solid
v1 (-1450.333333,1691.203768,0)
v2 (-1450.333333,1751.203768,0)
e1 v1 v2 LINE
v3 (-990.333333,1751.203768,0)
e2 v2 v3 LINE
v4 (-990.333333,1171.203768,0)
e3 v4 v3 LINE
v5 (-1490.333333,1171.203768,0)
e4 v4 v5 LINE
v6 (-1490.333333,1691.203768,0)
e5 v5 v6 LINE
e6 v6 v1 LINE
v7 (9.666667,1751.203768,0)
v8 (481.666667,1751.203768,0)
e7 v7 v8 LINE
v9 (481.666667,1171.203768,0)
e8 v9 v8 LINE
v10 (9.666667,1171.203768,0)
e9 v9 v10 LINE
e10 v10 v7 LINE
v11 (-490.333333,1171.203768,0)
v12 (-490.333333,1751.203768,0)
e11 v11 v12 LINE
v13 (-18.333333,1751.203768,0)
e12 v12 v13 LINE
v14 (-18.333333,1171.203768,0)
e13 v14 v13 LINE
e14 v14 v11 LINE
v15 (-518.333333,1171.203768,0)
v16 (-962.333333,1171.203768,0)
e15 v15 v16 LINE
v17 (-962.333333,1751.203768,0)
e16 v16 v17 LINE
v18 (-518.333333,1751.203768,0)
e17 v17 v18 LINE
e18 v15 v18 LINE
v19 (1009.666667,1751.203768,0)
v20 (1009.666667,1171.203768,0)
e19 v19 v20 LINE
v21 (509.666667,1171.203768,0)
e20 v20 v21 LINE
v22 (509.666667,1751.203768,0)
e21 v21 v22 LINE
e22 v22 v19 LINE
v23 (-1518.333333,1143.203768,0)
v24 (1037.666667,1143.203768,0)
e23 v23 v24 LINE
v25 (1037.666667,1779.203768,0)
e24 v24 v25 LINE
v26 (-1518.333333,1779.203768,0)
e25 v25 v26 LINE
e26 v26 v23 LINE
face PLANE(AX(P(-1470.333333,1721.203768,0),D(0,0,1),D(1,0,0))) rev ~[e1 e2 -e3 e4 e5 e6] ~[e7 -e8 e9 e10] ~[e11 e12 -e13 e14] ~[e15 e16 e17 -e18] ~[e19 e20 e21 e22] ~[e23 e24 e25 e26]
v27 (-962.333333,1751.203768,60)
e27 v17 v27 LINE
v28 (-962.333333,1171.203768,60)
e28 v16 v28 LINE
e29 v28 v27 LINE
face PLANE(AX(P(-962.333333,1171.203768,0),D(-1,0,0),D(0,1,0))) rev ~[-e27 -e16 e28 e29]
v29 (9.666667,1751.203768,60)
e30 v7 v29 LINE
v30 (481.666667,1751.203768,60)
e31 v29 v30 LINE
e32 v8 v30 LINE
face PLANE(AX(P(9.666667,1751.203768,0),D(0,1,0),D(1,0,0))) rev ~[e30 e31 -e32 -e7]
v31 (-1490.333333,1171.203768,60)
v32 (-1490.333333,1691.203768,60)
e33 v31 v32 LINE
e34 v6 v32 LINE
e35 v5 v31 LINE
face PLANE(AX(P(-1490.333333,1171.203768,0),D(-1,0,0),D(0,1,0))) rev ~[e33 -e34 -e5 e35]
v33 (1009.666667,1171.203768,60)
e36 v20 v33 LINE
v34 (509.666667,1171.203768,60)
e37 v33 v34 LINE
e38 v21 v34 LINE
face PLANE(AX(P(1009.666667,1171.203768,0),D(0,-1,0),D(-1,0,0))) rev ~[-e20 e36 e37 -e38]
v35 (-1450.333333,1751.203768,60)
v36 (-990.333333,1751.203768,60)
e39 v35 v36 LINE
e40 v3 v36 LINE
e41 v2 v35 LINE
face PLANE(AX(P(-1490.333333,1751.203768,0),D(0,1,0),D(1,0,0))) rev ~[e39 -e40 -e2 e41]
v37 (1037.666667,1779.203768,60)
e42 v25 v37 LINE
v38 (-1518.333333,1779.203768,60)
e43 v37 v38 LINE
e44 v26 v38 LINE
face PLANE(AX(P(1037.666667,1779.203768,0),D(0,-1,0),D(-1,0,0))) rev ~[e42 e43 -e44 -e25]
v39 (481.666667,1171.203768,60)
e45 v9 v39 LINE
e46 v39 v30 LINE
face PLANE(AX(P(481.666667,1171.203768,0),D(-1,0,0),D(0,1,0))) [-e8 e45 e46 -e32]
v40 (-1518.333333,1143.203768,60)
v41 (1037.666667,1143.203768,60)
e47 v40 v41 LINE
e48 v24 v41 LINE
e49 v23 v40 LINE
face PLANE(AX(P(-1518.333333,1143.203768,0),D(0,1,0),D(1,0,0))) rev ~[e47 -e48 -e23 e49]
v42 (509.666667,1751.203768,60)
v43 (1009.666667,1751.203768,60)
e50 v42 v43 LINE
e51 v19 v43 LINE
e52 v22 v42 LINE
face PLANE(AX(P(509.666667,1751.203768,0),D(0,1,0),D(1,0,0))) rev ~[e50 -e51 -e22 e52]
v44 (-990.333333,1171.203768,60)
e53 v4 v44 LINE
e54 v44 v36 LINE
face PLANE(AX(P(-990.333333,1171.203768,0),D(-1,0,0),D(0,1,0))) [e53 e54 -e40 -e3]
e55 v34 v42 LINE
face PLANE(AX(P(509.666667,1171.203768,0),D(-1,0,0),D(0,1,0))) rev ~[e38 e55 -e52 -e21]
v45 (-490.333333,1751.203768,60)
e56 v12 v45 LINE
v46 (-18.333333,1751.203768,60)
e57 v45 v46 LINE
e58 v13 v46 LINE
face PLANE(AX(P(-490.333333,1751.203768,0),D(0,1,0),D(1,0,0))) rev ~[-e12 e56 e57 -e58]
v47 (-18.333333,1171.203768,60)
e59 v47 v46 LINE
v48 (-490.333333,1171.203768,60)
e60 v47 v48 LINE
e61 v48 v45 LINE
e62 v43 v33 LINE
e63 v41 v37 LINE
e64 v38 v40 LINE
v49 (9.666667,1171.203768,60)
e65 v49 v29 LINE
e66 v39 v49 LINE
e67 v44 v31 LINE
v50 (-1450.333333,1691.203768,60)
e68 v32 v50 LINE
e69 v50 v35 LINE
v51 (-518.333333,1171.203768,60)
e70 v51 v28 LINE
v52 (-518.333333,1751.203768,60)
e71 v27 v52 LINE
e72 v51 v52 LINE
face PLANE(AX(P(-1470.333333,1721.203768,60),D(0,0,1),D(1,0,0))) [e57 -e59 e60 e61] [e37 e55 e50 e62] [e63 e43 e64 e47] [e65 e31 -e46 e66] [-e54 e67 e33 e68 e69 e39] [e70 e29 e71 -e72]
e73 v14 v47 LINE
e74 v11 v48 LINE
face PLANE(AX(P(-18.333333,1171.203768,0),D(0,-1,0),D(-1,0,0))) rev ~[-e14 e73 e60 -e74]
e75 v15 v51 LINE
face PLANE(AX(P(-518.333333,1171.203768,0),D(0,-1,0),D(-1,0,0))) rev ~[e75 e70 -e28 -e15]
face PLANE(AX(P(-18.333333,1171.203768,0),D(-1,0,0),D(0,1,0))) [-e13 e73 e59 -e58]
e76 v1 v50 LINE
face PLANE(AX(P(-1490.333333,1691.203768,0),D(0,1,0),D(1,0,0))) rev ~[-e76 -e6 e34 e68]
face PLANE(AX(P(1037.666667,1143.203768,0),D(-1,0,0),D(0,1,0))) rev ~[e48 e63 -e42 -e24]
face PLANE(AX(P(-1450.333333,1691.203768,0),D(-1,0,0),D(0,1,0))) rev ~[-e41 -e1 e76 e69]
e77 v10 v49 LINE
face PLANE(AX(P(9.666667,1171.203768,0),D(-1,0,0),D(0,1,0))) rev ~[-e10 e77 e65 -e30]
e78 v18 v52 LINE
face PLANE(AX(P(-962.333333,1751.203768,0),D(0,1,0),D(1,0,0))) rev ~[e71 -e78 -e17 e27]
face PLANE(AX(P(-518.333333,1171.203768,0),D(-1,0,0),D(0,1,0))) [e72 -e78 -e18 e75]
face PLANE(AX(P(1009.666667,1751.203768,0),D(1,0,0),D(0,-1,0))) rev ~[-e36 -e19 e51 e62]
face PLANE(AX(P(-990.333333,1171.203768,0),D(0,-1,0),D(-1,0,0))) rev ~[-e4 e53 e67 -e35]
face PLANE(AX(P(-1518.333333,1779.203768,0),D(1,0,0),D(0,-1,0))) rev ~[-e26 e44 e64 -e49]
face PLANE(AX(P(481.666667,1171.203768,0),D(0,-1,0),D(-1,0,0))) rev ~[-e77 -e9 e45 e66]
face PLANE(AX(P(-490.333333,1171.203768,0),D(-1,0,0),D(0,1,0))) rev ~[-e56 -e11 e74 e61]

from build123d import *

# Parameters (mm, degrees)
F1_W     = 28
F1_H     = 580
F3_DEPTH = 60
F2_W     = 40
F2_H     = 60
F4_DEPTH = 60


with BuildPart() as f3:
    # F1 (on face) → F3 (new body)
    with BuildSketch(Plane.XY):
        Polygon((1037.666667, 1779.203768), (-1518.333333, 1779.203768), (-1518.333333, 1419.203768), (-1518.333333, 1143.203768), (1037.666667, 1143.203768), align=None)
        Polygon((-1490.333333, 1171.203768), (-1490.333333, 1751.203768), (-990.333333, 1751.203768), (-962.333333, 1751.203768), (-518.333333, 1751.203768), (-490.333333, 1751.203768), (-18.333333, 1751.203768), (9.666667, 1751.203768), (481.666667, 1751.203768), (509.666667, 1751.203768), (1009.666667, 1751.203768), (1009.666667, 1171.203768), (509.666667, 1171.203768), (481.666667, 1171.203768), (9.666667, 1171.203768), (-18.333333, 1171.203768), (-490.333333, 1171.203768), (-518.333333, 1171.203768), (-962.333333, 1171.203768), (-990.333333, 1171.203768), align=None, mode=Mode.SUBTRACT)
        with Locations((-976.333333, 1461.203768)):
            Rectangle(F1_W, F1_H)
        with Locations((-504.333333, 1461.203768)):
            Rectangle(F1_W, F1_H)
        with Locations((-4.333333, 1461.203768)):
            Rectangle(F1_W, F1_H)
        with Locations((495.666667, 1461.203768)):
            Rectangle(F1_W, F1_H)
    extrude(amount=F3_DEPTH)

    # F2 (on face) → F4 (join)
    with BuildSketch(Plane.XY):
        with Locations((-1470.333333, 1721.203768)):
            Rectangle(F2_W, F2_H)
    extrude(amount=F4_DEPTH)


solid = f3.part
